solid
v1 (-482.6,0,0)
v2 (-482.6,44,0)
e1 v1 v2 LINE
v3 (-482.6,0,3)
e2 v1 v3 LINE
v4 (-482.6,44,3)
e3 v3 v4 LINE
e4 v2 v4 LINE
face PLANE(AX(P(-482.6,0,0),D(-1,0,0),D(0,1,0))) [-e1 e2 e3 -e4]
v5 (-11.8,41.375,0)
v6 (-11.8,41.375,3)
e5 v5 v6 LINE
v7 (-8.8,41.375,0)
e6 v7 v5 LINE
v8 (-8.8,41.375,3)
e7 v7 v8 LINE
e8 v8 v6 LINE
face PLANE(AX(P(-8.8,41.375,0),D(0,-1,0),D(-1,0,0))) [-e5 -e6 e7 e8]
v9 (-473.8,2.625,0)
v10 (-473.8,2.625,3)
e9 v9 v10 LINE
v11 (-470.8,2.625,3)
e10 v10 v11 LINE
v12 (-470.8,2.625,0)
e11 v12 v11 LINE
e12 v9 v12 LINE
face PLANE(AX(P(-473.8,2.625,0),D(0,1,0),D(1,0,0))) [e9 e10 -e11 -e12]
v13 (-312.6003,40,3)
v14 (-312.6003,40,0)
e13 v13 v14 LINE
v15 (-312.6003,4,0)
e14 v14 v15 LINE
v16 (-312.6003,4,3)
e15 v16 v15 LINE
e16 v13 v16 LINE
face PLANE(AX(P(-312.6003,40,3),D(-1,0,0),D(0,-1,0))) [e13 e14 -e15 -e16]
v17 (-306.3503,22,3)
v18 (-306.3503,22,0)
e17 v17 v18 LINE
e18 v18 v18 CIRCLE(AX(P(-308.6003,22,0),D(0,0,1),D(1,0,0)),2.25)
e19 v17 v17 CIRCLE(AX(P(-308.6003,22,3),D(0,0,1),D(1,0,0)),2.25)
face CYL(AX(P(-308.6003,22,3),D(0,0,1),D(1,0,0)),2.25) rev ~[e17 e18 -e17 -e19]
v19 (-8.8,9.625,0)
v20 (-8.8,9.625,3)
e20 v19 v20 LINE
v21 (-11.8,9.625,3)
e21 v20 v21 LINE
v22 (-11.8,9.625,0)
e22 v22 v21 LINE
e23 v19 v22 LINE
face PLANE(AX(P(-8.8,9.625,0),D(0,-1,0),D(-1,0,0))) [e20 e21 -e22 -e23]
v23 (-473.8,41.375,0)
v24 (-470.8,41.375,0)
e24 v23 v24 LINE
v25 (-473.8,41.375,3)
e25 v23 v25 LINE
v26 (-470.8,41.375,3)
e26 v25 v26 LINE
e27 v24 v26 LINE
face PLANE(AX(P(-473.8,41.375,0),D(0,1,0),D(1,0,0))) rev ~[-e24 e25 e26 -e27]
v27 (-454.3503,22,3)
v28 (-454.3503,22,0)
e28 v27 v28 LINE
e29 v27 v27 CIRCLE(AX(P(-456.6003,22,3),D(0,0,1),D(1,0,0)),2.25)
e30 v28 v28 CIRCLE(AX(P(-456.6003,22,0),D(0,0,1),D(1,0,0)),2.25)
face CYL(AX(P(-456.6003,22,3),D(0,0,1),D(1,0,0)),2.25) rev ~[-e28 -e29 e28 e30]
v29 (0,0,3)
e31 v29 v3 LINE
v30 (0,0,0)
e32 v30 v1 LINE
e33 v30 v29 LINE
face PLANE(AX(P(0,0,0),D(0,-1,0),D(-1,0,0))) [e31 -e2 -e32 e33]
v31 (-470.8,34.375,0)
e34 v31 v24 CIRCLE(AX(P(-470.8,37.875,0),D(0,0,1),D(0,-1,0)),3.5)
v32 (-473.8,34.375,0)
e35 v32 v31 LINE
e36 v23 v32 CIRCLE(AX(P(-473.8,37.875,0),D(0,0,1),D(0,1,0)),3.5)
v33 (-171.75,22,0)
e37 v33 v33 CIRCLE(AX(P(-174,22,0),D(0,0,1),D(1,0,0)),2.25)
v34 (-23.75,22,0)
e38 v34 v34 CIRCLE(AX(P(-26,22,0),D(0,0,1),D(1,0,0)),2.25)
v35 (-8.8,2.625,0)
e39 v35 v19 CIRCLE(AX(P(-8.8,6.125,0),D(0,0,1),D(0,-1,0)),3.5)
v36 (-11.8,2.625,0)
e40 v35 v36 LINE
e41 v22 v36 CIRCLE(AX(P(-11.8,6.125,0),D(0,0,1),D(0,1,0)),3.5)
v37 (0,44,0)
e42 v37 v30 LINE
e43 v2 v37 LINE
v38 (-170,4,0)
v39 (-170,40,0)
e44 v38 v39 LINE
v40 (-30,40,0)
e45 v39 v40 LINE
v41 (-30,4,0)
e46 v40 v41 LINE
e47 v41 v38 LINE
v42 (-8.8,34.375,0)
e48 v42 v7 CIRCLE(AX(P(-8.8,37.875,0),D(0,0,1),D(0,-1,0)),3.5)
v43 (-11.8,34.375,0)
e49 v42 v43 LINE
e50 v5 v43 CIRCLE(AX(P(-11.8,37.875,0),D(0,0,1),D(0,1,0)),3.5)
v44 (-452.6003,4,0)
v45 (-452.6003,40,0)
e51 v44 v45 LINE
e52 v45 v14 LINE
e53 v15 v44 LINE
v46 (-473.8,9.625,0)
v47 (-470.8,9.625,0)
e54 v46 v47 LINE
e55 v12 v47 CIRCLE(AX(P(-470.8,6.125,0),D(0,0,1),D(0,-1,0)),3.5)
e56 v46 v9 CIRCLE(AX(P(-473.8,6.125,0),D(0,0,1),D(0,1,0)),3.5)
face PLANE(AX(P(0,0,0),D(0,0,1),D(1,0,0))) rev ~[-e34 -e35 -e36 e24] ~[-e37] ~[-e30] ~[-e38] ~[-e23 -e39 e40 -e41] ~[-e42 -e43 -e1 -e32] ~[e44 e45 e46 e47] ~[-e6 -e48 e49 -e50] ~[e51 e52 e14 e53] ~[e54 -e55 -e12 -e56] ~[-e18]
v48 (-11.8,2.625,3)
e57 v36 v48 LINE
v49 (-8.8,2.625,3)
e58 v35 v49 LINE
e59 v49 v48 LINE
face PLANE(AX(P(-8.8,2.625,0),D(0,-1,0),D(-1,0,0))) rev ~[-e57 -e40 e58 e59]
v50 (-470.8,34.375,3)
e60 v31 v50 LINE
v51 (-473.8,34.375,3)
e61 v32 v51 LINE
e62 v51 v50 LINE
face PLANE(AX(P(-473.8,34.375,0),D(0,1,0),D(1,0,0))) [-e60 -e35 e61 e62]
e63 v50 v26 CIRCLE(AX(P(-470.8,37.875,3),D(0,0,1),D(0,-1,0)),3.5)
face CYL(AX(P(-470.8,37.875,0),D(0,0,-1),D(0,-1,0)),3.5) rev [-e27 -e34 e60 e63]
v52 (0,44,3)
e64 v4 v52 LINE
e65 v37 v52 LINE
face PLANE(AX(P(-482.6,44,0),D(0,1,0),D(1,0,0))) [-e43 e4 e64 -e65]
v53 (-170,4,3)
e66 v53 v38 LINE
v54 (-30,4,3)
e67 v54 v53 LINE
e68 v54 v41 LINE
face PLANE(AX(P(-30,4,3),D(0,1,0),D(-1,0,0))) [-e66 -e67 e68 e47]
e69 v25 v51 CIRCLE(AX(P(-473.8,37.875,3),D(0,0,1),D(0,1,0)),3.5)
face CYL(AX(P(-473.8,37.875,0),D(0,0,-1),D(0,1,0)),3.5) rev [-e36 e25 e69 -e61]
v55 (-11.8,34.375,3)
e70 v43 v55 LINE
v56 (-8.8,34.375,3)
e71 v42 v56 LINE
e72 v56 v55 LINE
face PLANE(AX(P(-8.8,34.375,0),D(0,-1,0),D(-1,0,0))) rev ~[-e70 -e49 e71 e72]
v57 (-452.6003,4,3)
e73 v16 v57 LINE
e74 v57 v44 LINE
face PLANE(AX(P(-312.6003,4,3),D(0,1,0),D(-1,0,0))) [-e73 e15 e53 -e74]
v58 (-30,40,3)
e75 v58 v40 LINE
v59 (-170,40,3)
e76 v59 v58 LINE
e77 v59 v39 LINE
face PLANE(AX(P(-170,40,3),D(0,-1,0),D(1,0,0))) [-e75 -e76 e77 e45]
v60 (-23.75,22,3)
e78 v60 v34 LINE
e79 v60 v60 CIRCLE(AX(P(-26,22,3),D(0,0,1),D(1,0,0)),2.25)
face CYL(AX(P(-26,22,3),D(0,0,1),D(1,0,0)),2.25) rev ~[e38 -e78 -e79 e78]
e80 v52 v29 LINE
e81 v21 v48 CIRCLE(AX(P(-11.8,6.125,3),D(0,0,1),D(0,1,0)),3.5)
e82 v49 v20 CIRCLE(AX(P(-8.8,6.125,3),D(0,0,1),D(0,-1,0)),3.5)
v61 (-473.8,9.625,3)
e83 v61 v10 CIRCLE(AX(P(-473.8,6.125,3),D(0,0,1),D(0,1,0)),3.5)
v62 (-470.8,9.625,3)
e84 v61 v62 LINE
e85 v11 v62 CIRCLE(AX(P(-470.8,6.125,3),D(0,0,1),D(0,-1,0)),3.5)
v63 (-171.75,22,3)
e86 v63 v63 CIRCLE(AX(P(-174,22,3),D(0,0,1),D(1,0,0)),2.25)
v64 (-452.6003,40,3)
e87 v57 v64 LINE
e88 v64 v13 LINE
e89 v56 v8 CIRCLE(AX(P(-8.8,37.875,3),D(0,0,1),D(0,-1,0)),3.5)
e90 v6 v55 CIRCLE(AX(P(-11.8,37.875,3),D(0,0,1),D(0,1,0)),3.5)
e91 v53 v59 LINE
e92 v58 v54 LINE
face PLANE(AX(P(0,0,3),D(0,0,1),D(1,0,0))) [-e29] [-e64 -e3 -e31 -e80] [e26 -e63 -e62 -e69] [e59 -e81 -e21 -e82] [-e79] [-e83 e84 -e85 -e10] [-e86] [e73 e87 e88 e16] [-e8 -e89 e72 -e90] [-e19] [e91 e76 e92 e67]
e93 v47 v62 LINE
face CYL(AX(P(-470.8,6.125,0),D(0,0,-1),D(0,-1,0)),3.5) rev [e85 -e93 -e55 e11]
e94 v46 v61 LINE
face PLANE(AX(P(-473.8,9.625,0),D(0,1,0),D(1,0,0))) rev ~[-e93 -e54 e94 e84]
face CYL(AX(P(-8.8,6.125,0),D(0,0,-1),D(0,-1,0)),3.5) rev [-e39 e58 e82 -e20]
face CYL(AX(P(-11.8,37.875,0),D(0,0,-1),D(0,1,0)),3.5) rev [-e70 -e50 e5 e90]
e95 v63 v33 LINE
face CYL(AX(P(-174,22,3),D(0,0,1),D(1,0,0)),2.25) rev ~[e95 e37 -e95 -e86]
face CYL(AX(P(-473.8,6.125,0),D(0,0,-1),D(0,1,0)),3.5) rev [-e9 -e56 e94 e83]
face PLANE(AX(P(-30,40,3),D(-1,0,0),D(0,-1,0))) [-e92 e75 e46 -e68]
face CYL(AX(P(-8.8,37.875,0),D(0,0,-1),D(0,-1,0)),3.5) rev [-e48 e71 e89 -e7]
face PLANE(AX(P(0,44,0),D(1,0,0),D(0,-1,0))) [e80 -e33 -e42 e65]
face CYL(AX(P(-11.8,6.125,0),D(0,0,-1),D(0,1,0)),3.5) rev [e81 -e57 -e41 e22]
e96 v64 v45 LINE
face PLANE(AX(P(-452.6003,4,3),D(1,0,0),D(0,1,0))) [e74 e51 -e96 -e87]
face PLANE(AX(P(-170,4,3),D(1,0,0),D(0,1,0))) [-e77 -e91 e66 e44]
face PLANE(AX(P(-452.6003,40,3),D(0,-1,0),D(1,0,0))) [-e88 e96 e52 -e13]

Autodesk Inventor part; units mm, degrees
ref_plane "YZ Plane" through (0, 0, 0) normal (1, 0, 0) x (0, 1, 0)
ref_plane "XZ Plane" through (0, 0, 0) normal (0, 1, 0) x (-1, 0, 0)
ref_plane "XY Plane" through (0, 0, 0) normal (0, 0, 1) x (1, 0, 0)
sketch "Sketch1" plane through (0, 0, 0) normal (0, 0, 1) x (1, 0, 0)
  line L0 (0, 0) -> (-482.6, 0)
  line L1 (-482.6, 0) -> (-482.6, 44)
  line L2 (-482.6, 44) -> (0, 44)
  line L3 (0, 44) -> (0, 0)
  arc A0 (-473.8, 41.375) -> (-473.8, 34.375) centre (-473.8, 37.875) ccw
  arc A1 (-473.8, 9.625) -> (-473.8, 2.625) centre (-473.8, 6.125) ccw
  arc A2 (-8.8, 34.375) -> (-8.8, 41.375) centre (-8.8, 37.875) ccw
  arc A3 (-8.8, 2.625) -> (-8.8, 9.625) centre (-8.8, 6.125) ccw
  line L4 (-473.8, 41.375) -> (-470.8, 41.375)
  line L5 (-473.8, 34.375) -> (-470.8, 34.375)
  arc A4 (-470.8, 34.375) -> (-470.8, 41.375) centre (-470.8, 37.875) ccw
  line L6 (-8.8, 41.375) -> (-11.8, 41.375)
  line L7 (-8.8, 34.375) -> (-11.8, 34.375)
  arc A5 (-11.8, 41.375) -> (-11.8, 34.375) centre (-11.8, 37.875) ccw
  line L8 (-8.8, 9.625) -> (-11.8, 9.625)
  line L9 (-8.8, 2.625) -> (-11.8, 2.625)
  arc A6 (-11.8, 9.625) -> (-11.8, 2.625) centre (-11.8, 6.125) ccw
  line L10 (-473.8, 9.625) -> (-470.8, 9.625)
  line L11 (-473.8, 2.625) -> (-470.8, 2.625)
  arc A7 (-470.8, 2.625) -> (-470.8, 9.625) centre (-470.8, 6.125) ccw
  dimension "d0" = 44
  dimension "d1" = 482.6
  dimension "d5" = 31.75
  dimension "d6" = 7
  dimension "d8" = 31.75
  dimension "d9" = 465
  dimension "d10" = 465
  dimension "d11" = 8.8
  dimension "d12" = 8.8
  dimension "d13" = 6.125
  dimension "d14" = 6.125
  dimension "d15" = 6.125
  dimension "d16" = 8.8
  dimension "d17" = 8.8
  dimension "d18" = 6.125
  dimension "d43" = 3
  dimension "d45" = 3.5
extrude "Frame" add sketch "Sketch1" along normal blind 3
sketch "Sketch2" plane through (0, 0, 3) normal (0, 0, 1) x (1, 0, 0)
  line L0 (-30, 4) -> (-170, 4)
  line L1 (-170, 4) -> (-170, 40)
  line L2 (-170, 40) -> (-30, 40)
  line L3 (-30, 40) -> (-30, 4)
  line L4 (-452.6003, 40) -> (-312.6003, 40)
  line L5 (-312.6003, 40) -> (-312.6003, 4)
  line L6 (-312.6003, 4) -> (-452.6003, 4)
  line L7 (-452.6003, 4) -> (-452.6003, 40)
  line L8 (0, 0) -> (0, 44) projected
  line L9 (0, 44) -> (-482.6, 44) projected
  line L10 (-482.6, 44) -> (-482.6, 0) projected
  point P0 (-30, 22)
  point P1 (-312.6003, 22)
  dimension "d21" = 140
  dimension "d22" = 36
  dimension "d25" = 30
  dimension "d26" = 22
  dimension "d27" = 22
  dimension "d28" = 29.9997
extrude "PI_Holes" cut sketch "Sketch2" against normal blind 5
sketch "Sketch4" plane through (0, 0, 3) normal (0, 0, 1) x (1, 0, 0)
  circle A0 centre (-26, 22) radius 2 projected
  circle A1 centre (-174, 22) radius 2 projected
  circle A2 centre (-308.6003, 22) radius 2 projected
  circle A3 centre (-456.6003, 22) radius 2 projected
  circle A4 centre (-456.6003, 22) radius 2.25
  circle A5 centre (-308.6003, 22) radius 2.25
  circle A6 centre (-174, 22) radius 2.25
  circle A7 centre (-26, 22) radius 2.25
  point P0 (0, 0)
  dimension "d35" = 4
  dimension "d36" = 4.5
  dimension "d37" = 4.5
  dimension "d38" = 4.5
  dimension "d39" = 4.5
extrude "Mounting_Holes" cut sketch "Sketch4" against normal through all contours A0 | A1 | A2 | A3 | A4 | A5 | A6 | A7
properties part number "WoodPanel" material "Wood (Walnut)"
